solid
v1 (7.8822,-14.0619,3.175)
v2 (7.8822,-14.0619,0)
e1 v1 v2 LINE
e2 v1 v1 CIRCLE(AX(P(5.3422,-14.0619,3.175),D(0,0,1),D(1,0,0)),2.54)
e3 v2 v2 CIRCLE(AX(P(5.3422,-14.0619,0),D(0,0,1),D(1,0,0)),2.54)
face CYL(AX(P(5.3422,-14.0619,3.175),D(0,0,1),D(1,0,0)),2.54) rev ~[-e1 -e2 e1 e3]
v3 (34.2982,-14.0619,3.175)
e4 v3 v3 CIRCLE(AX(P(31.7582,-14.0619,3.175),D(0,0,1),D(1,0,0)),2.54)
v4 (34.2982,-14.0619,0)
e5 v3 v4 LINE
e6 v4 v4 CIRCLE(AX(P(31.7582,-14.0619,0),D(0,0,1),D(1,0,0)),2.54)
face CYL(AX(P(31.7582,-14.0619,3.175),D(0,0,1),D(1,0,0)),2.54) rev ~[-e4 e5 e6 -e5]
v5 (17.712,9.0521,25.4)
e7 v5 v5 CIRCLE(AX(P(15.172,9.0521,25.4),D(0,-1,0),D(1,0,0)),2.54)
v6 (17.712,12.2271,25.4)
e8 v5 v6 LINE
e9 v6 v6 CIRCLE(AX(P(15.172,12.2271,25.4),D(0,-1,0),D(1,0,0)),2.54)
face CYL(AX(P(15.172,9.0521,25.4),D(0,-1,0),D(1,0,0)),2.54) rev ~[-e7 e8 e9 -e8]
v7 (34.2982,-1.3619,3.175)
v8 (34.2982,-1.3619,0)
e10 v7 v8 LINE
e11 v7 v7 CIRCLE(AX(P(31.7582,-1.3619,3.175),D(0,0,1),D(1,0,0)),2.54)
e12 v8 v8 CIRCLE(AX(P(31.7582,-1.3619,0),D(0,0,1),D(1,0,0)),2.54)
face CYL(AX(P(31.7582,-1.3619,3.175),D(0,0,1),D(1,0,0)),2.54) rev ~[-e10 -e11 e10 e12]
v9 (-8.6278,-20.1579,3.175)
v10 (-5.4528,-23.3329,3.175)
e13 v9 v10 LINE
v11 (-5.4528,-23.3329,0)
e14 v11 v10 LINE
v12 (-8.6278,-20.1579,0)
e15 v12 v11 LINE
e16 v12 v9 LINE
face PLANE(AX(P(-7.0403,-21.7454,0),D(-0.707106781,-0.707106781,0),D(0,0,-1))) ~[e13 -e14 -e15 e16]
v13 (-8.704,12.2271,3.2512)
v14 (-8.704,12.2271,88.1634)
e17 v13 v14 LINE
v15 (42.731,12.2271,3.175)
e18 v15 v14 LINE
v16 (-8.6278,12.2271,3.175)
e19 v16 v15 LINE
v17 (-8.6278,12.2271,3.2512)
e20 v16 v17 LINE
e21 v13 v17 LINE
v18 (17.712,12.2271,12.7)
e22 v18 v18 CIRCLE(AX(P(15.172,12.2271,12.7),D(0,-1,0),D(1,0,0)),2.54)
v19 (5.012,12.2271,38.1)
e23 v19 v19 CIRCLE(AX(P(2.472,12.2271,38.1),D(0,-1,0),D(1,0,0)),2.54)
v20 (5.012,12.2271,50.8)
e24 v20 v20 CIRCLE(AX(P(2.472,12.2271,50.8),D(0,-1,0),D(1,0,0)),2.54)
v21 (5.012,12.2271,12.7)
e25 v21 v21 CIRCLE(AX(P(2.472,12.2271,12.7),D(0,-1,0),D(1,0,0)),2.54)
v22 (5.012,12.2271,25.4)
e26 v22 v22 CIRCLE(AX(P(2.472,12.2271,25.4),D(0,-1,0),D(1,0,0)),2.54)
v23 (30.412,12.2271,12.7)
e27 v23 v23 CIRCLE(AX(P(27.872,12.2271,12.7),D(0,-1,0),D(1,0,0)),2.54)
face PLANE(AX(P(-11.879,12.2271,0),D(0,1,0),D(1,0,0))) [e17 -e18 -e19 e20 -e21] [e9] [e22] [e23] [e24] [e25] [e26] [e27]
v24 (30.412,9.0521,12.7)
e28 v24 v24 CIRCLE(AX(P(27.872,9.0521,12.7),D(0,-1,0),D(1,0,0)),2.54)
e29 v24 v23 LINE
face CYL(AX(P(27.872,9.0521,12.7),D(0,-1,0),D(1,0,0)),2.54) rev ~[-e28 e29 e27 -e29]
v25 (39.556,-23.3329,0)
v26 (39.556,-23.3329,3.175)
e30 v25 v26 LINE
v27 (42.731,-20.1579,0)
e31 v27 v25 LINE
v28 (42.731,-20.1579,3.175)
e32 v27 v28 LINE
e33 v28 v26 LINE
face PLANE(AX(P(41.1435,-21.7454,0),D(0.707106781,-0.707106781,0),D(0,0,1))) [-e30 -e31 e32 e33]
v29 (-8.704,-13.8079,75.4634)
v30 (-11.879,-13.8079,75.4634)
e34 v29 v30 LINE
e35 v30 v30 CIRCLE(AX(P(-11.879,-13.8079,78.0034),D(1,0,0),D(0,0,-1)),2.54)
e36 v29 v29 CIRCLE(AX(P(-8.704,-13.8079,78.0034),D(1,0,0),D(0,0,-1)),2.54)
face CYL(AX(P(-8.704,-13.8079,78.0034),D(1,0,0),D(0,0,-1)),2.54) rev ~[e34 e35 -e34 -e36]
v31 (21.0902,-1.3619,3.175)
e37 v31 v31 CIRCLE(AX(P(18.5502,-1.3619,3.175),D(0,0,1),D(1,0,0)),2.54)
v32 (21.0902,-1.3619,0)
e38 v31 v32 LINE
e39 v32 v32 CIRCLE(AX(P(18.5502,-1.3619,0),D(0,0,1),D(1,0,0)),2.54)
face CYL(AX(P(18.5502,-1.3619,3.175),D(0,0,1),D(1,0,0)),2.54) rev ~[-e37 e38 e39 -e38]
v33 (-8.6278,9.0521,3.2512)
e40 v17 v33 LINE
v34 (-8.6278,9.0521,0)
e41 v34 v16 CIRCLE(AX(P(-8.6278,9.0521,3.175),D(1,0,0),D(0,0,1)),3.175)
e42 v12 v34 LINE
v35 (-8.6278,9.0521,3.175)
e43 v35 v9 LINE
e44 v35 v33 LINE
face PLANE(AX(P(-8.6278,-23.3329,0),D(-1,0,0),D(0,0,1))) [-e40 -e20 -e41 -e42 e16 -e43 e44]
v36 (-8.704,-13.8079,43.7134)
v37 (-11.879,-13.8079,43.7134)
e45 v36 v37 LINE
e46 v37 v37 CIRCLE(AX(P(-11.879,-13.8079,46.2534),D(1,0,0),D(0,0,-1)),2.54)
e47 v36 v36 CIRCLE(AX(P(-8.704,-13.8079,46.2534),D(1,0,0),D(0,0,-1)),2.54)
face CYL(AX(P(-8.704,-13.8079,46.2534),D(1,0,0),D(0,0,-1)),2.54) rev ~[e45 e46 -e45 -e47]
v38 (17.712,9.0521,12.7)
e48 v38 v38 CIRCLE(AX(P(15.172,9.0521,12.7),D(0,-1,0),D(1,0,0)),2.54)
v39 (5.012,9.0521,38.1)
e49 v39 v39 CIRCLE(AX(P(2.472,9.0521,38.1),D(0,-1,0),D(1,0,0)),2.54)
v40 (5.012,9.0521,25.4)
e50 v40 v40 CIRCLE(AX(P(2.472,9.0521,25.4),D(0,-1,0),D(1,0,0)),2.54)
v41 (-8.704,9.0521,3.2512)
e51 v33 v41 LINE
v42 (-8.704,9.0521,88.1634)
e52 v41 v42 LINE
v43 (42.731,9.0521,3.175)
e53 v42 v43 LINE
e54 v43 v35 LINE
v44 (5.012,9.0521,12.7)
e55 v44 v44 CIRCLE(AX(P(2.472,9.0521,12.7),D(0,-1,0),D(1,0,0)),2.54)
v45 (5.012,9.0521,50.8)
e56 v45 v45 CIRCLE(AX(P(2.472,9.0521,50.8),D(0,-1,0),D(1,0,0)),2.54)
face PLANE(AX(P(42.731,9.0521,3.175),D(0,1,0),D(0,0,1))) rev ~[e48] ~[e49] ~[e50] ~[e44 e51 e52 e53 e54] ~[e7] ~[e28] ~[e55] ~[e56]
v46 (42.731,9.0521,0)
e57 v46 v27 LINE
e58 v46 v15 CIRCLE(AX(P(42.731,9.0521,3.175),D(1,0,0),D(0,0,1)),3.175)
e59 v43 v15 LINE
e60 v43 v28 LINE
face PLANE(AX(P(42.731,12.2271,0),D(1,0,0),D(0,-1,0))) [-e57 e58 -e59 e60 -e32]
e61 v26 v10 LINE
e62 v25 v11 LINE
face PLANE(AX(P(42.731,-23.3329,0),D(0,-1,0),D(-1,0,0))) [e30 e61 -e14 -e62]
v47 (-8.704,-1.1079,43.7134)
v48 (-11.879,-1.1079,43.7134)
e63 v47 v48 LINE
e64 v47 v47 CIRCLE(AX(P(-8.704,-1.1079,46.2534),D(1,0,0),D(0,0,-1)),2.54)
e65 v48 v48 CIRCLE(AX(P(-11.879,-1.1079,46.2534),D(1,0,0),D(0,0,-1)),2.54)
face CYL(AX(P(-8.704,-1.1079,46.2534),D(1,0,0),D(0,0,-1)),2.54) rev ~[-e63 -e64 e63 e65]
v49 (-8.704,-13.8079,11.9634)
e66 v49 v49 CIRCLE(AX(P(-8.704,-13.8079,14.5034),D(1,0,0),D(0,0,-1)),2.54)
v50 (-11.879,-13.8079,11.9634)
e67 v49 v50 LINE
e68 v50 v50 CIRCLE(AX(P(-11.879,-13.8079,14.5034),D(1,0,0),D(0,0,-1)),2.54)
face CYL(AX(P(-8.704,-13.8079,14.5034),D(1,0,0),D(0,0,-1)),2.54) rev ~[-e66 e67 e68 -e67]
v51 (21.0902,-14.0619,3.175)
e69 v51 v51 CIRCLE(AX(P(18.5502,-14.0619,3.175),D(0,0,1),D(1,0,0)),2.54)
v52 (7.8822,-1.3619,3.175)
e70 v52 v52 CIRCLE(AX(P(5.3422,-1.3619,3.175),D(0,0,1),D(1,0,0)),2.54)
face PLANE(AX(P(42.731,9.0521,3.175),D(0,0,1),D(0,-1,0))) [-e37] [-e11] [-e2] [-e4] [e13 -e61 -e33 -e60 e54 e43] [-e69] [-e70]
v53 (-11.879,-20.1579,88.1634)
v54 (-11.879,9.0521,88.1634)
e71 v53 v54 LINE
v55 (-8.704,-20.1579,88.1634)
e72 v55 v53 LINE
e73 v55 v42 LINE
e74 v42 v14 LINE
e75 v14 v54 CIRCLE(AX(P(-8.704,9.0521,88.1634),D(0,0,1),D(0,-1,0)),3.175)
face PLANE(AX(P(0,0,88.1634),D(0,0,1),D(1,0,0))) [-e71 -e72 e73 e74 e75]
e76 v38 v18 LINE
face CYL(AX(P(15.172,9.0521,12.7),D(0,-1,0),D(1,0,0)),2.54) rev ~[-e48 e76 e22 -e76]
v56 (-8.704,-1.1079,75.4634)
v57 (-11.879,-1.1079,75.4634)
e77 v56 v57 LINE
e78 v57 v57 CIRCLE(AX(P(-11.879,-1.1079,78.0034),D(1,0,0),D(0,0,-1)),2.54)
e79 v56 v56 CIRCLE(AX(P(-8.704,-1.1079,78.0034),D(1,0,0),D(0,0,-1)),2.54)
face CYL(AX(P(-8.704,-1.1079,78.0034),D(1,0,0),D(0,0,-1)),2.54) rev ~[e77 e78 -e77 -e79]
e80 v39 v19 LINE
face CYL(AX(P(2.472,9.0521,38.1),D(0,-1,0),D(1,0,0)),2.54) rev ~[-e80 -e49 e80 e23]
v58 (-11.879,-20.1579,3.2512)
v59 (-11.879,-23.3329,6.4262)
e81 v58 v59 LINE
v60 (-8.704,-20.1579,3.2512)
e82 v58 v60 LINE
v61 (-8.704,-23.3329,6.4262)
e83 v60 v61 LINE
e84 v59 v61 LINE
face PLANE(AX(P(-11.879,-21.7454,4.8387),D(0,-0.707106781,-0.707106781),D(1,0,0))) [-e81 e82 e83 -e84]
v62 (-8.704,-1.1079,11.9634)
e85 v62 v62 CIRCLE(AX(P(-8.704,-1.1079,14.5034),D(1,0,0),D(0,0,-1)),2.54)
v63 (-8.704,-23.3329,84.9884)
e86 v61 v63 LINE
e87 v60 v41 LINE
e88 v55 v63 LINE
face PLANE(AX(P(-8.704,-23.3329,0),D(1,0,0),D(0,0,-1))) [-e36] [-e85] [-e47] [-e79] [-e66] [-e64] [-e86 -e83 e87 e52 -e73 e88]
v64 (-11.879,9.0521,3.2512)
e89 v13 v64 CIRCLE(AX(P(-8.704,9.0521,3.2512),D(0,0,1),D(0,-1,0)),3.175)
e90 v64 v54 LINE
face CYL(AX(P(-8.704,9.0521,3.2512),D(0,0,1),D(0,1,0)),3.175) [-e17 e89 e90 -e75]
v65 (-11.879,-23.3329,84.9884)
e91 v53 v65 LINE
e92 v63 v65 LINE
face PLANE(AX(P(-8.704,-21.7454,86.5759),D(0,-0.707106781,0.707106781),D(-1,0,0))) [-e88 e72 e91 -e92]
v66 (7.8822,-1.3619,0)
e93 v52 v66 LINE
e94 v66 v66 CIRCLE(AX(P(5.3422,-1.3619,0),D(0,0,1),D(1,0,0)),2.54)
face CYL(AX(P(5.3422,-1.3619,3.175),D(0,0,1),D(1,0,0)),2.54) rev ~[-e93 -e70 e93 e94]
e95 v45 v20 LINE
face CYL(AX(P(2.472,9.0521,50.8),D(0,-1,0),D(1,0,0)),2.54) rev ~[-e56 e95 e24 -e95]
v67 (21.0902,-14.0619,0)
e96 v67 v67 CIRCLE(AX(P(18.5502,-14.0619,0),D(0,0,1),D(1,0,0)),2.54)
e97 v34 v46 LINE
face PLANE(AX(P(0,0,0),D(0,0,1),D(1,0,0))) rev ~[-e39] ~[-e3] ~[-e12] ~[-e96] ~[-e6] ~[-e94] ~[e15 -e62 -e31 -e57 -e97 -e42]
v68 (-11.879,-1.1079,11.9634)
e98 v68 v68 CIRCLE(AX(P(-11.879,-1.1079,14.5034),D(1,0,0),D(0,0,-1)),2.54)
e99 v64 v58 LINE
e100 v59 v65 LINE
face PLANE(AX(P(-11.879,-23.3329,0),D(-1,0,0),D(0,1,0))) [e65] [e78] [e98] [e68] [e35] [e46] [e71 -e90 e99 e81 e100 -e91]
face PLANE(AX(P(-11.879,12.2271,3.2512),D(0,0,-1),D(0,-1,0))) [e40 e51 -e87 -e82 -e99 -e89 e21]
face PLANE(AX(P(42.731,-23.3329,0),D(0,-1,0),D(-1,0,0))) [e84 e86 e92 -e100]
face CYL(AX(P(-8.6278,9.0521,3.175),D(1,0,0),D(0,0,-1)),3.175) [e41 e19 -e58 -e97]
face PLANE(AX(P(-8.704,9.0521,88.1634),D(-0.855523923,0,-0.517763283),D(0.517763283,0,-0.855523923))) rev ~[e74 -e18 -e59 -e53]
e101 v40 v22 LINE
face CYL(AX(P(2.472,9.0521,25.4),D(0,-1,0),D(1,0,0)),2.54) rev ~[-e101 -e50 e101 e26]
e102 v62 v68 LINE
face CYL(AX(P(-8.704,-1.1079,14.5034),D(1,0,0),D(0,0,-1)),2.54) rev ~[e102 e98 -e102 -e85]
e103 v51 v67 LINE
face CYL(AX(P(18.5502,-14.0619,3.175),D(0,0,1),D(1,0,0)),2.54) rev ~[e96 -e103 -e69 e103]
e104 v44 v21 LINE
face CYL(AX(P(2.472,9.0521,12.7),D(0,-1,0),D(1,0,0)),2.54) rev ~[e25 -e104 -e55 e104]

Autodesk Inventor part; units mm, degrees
ref_plane "YZ Plane" through (0, 0, 0) normal (1, 0, 0) x (0, 1, 0)
ref_plane "XZ Plane" through (0, 0, 0) normal (0, 1, 0) x (-1, 0, 0)
ref_plane "XY Plane" through (0, 0, 0) normal (0, 0, 1) x (1, 0, 0)
sketch "Sketch1" plane through (0, 0, 0) normal (0, 0, 1) x (1, 0, 0)
  line L0 (-11.879, 12.2271) -> (42.731, 12.2271)
  line L1 (42.731, 12.2271) -> (42.731, -23.3329)
  line L2 (42.731, -23.3329) -> (-11.879, -23.3329)
  line L3 (-11.879, -23.3329) -> (-11.879, 12.2271)
  point P0 (0, 0)
  dimension "d0" = 54.61
  dimension "d1" = 35.56
extrude "Extrusion1" add sketch "Sketch1" along normal blind 88.1634
sketch "Sketch5" plane through (42.731, -23.3329, 0) normal (1, 0, 0) x (0, 0, -1)
  line L0 (0, 35.56) -> (0, 0) projected
  line L1 (0, 35.56) -> (-88.1634, 35.56) projected
  line L2 (-88.1634, 0) -> (-88.1634, 35.56) projected
  line L3 (0, 0) -> (-88.1634, 0) projected
  line L4 (-3.175, 32.385) -> (-88.1634, 32.385)
  line L5 (-3.175, 32.385) -> (-3.175, 0)
  point P0 (0, 23.3329)
  dimension "d7" = 3.175
  dimension "d8" = 3.175
extrude "Extrusion2" cut sketch "Sketch5" against normal blind 51.435 contours L3 L2 L4 L5
sketch "Sketch6" plane through (42.731, 9.0521, 3.175) normal (0, -1, 0) x (1, 0, 0)
  line L0 (0, 84.9884) -> (0, 0) projected
  line L1 (-51.435, 84.9884) -> (0, 84.9884) projected
  line L2 (-51.435, 84.9884) -> (0, 0)
  point P0 (-42.731, -3.175)
extrude "Extrusion3" cut sketch "Sketch6" against normal blind 51.435
sketch "Sketch7" plane through (-11.879, -23.3329, 0) normal (-1, 0, 0) x (0, 0, 1)
  line L0 (0, 0) -> (0, 35.56) projected
  line L1 (0, 0) -> (88.1634, 0) projected
  line L2 (0, 35.56) -> (88.1634, 35.56) projected
  line L3 (3.2512, 35.56) -> (3.2512, 0)
  point P0 (0, 23.3329)
  dimension "d13" = 3.2512
extrude "Extrusion4" cut sketch "Sketch7" against normal blind 3.2512
chamfer "Chamfer1" distance 3.175 angle 45 4 edges at (-10.2915, -23.3329, 88.1634) (-8.6278, -23.3329, 1.5875) (-10.2915, -23.3329, 3.2512) (42.731, -23.3329, 1.5875)
fillet "Fillet1" radius 3.175 2 edges at (-11.879, 12.2271, 45.7073) (17.0516, 12.2271, 0)
sketch "Sketch10" plane through (-8.6278, 9.0521, 3.175) normal (0, 0, 1) x (1, 0, 0)
  line L0 (51.3588, 0) -> (51.3588, -29.21) projected
  line L1 (51.3588, 0) -> (0, 0) projected
  line L2 (0, 0) -> (0, -29.21) projected
  line L3 (48.1838, -32.385) -> (3.175, -32.385) projected
  circle A0 centre (13.97, -10.414) radius 2.54
  circle A1 centre (13.97, -23.114) radius 2.54
  circle A2 centre (27.178, -10.414) radius 2.54
  circle A3 centre (27.178, -23.114) radius 2.54
  circle A4 centre (40.386, -10.414) radius 2.54
  circle A5 centre (40.386, -23.114) radius 2.54
  dimension "d46" = 5.08
  dimension "d47" = 10.414
  dimension "d50" = 12.7
  dimension "d53" = 13.208
  dimension "d56" = 13.97
sketch "Sketch8" plane through (-8.704, -23.3329, 0) normal (1, 0, 0) x (0, 0, -1)
  line L0 (-88.1634, 3.175) -> (-88.1634, 32.385) projected
  line L1 (-6.4262, 0) -> (-84.9884, 0) projected
  circle A0 centre (-78.0034, 9.525) radius 2.54
  circle A1 centre (-46.2534, 9.525) radius 2.54
  circle A2 centre (-14.5034, 9.525) radius 2.54
  circle A3 centre (-78.0034, 22.225) radius 2.54
  circle A4 centre (-46.2534, 22.225) radius 2.54
  circle A5 centre (-14.5034, 22.225) radius 2.54
  point P0 (0, 23.3329)
  dimension "d20" = 5.08
  dimension "d22" = 10.16
  dimension "d24" = 9.525
  dimension "d27" = 31.75
  dimension "d30" = 12.7
extrude "Extrusion5" cut sketch "Sketch8" against normal blind 3.2512
extrude "Extrusion6" cut sketch "Sketch10" against normal blind 25.4
sketch "Sketch12" plane through (-8.6278, 9.0521, 3.175) normal (0, -1, 0) x (1, 0, 0)
  line L0 (51.3588, 0) -> (0, 0) projected
  line L1 (-0.0762, 84.9884) -> (-0.0762, 0.0762) projected
  circle A0 centre (11.0998, 47.625) radius 2.54
  circle A1 centre (11.0998, 34.925) radius 2.54
  circle A2 centre (11.0998, 22.225) radius 2.54
  circle A3 centre (11.0998, 9.525) radius 2.54
  circle A4 centre (23.7998, 47.625) radius 2.54
  circle A5 centre (23.7998, 34.925) radius 2.54
  circle A6 centre (23.7998, 22.225) radius 2.54
  circle A7 centre (23.7998, 9.525) radius 2.54
  circle A8 centre (36.4998, 47.625) radius 2.54
  circle A9 centre (36.4998, 34.925) radius 2.54
  circle A10 centre (36.4998, 22.225) radius 2.54
  circle A11 centre (36.4998, 9.525) radius 2.54
  point P0 (8.6278, -3.175)
  dimension "d59" = 5.08
  dimension "d60" = 11.176
  dimension "d63" = 12.7
  dimension "d66" = 12.7
  dimension "d69" = 9.525
extrude "Extrusion7" cut sketch "Sketch12" against normal blind 25.4 contours A0 | A1 | A2 | A3 | A6 | A7 | A11
properties part number "Chassis_BumperAttachmentRight"
